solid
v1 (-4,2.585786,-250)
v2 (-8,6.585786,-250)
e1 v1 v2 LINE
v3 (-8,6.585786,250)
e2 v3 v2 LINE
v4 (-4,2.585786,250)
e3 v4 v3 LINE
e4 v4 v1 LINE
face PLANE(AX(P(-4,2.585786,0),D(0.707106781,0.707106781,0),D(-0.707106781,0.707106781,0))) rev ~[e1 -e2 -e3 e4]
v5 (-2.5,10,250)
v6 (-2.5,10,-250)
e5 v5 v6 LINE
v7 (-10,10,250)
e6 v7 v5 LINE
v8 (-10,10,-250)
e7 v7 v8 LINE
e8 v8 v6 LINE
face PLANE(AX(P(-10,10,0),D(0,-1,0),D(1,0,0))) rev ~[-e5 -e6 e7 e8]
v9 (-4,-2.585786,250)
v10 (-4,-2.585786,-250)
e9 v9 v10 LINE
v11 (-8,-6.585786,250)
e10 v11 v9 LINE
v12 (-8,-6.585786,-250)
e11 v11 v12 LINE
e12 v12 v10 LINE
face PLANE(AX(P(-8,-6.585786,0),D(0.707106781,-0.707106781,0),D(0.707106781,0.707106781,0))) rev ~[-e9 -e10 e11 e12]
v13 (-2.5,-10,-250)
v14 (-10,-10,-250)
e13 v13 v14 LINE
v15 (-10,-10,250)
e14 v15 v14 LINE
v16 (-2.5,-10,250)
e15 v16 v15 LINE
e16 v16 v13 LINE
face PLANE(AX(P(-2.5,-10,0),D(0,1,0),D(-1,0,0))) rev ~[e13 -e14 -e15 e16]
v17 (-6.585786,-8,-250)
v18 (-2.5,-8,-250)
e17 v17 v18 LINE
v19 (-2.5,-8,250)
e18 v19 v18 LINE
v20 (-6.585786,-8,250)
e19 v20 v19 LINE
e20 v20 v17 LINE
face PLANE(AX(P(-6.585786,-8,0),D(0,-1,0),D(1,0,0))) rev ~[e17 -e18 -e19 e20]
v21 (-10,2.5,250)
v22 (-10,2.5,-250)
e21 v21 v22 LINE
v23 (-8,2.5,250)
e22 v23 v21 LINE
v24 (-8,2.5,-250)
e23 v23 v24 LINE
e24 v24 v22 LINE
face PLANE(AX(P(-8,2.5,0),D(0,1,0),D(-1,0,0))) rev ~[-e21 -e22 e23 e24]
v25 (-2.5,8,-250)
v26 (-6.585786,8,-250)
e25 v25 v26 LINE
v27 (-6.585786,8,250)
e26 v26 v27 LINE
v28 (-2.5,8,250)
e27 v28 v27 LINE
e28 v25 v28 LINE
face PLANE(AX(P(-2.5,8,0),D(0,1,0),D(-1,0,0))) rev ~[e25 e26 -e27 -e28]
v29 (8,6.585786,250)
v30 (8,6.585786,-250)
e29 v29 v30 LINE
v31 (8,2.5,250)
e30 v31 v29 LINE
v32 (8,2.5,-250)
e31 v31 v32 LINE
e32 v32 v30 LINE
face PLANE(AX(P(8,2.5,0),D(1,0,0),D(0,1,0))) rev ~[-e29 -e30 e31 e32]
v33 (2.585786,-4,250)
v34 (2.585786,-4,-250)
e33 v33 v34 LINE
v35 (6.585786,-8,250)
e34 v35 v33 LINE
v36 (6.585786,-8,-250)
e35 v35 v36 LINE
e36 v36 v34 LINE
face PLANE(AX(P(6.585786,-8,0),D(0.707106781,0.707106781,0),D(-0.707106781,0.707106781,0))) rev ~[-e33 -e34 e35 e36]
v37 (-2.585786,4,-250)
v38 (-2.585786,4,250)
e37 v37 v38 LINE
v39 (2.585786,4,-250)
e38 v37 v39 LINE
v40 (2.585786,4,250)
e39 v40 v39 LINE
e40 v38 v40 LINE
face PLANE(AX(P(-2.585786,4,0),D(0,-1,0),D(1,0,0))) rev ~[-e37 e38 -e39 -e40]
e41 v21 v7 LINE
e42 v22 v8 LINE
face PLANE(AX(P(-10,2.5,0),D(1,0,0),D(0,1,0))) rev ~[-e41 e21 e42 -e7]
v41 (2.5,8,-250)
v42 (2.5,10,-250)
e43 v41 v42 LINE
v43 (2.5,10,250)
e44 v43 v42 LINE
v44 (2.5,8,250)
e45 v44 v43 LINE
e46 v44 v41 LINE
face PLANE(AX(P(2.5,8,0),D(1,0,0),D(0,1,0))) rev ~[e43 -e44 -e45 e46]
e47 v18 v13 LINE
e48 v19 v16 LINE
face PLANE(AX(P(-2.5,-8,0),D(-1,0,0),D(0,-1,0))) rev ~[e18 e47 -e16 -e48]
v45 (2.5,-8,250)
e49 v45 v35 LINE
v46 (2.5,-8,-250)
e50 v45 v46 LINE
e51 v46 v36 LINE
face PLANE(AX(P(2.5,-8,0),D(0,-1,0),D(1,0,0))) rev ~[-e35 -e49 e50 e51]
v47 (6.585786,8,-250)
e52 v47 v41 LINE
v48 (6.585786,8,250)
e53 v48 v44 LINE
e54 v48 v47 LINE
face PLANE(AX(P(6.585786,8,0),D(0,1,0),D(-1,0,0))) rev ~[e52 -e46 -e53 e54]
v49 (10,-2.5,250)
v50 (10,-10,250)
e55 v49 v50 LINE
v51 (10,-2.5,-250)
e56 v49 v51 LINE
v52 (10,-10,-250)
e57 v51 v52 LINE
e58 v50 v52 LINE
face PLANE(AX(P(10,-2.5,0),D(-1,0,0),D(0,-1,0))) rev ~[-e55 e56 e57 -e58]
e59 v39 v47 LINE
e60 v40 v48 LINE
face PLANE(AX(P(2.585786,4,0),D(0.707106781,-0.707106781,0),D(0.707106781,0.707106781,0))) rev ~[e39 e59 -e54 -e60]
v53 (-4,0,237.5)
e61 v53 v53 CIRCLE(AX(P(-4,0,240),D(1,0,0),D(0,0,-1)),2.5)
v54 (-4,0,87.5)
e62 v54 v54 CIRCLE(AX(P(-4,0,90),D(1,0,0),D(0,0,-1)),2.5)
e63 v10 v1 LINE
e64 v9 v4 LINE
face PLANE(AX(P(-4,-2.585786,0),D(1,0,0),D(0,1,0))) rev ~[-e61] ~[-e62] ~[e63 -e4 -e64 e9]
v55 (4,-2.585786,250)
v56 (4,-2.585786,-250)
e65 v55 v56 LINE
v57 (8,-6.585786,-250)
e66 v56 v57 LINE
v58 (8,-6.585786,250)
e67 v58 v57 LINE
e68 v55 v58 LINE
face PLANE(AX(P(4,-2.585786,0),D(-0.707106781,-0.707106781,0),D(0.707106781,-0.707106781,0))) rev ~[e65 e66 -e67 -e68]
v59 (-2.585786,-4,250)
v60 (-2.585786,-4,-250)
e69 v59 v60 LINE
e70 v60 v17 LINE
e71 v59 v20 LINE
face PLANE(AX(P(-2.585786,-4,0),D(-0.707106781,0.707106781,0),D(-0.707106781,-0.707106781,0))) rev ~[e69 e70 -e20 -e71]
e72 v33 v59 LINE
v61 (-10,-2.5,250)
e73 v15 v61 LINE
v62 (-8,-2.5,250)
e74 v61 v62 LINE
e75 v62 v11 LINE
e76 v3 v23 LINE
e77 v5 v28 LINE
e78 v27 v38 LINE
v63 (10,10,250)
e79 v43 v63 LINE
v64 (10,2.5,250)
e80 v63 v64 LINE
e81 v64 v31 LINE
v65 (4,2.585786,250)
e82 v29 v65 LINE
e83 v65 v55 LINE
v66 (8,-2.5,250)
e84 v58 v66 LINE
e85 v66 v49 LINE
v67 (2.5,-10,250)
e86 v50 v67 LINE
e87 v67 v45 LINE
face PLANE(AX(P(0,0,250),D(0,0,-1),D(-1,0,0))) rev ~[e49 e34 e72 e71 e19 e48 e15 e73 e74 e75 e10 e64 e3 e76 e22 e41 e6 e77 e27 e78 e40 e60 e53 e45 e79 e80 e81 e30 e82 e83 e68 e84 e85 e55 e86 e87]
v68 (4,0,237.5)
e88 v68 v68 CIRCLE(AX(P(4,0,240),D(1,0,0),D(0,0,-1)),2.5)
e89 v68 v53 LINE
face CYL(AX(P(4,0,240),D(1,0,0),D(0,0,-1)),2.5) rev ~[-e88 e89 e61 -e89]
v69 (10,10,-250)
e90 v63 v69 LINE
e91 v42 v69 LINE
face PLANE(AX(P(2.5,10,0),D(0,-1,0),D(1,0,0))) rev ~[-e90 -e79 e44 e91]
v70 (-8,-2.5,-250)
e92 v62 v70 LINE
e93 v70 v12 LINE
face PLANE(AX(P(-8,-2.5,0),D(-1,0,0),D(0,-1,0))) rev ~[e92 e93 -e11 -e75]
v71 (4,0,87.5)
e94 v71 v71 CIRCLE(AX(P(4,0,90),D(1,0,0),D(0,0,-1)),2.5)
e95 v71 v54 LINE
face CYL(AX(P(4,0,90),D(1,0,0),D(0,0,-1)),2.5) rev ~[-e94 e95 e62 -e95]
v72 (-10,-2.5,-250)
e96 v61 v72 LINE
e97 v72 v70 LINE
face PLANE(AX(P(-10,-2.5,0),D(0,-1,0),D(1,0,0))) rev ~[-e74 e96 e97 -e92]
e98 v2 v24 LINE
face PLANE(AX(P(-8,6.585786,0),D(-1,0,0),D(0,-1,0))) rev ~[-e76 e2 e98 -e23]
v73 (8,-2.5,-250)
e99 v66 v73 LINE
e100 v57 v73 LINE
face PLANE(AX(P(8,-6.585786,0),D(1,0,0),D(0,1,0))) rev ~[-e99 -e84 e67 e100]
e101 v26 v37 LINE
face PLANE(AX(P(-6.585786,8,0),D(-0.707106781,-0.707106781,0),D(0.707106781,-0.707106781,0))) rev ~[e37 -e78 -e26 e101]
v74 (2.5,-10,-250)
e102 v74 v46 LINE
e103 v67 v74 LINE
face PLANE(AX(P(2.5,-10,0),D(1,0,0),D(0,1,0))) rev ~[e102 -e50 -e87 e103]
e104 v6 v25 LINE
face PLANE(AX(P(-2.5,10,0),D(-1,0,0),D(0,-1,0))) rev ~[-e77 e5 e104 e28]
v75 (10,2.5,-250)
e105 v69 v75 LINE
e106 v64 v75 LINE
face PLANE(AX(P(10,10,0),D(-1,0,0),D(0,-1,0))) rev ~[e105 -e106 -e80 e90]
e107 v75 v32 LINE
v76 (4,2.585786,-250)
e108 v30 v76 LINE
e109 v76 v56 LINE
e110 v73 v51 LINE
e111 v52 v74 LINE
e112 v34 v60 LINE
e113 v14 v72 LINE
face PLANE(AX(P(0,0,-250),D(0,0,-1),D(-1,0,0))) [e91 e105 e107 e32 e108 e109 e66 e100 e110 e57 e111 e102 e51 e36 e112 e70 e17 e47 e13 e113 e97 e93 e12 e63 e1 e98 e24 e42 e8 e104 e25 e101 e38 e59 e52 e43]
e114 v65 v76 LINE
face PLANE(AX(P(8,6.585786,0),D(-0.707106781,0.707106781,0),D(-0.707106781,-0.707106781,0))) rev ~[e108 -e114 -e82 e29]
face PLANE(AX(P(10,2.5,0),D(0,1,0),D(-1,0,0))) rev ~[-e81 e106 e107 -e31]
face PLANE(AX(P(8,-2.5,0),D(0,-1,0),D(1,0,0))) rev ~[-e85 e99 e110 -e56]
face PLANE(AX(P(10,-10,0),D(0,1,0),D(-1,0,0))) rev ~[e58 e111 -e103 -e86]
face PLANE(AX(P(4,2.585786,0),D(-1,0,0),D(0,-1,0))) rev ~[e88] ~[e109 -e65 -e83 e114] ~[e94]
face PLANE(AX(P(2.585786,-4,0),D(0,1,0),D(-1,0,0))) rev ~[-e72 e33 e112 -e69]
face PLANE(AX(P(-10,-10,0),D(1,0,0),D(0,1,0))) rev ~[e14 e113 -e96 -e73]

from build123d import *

# Parameters (mm, degrees)
BOSS_EXTRUDE1_DEPTH = 250
SKETCH2_R           = 2.5
CUT_EXTRUDE1_DEPTH  = 10


with BuildPart() as part:
    # Sketch1 → Boss-Extrude1 (new body, symmetric)
    with BuildSketch(Plane.XY):
        Polygon((-2.585786438, 4), (2.585786438, 4), (6.585786438, 8), (2.5, 8), (2.5, 10), (10, 10), (10, 2.5), (8, 2.5), (8, 6.585786438), (4, 2.585786438), (4, -2.585786438), (8, -6.585786438), (8, -2.5), (10, -2.5), (10, -10), (2.5, -10), (2.5, -8), (6.585786438, -8), (2.585786438, -4), (-2.585786438, -4), (-6.585786438, -8), (-2.5, -8), (-2.5, -10), (-10, -10), (-10, -2.5), (-8, -2.5), (-8, -6.585786438), (-4, -2.585786438), (-4, 2.585786438), (-8, 6.585786438), (-8, 2.5), (-10, 2.5), (-10, 10), (-2.5, 10), (-2.5, 8), (-6.585786438, 8), align=None)
    extrude(amount=BOSS_EXTRUDE1_DEPTH, both=True)

    # Sketch2 → Cut-Extrude1 (cut)
    with BuildSketch(Plane(origin=(4, 0, 0), x_dir=(0, 0, -1), z_dir=(1, 0, 0))):
        with Locations((-240, 0)):
            Circle(SKETCH2_R)
        with Locations((-90, 0)):
            Circle(SKETCH2_R)
    extrude(amount=-CUT_EXTRUDE1_DEPTH, mode=Mode.SUBTRACT)


solid = part.part
